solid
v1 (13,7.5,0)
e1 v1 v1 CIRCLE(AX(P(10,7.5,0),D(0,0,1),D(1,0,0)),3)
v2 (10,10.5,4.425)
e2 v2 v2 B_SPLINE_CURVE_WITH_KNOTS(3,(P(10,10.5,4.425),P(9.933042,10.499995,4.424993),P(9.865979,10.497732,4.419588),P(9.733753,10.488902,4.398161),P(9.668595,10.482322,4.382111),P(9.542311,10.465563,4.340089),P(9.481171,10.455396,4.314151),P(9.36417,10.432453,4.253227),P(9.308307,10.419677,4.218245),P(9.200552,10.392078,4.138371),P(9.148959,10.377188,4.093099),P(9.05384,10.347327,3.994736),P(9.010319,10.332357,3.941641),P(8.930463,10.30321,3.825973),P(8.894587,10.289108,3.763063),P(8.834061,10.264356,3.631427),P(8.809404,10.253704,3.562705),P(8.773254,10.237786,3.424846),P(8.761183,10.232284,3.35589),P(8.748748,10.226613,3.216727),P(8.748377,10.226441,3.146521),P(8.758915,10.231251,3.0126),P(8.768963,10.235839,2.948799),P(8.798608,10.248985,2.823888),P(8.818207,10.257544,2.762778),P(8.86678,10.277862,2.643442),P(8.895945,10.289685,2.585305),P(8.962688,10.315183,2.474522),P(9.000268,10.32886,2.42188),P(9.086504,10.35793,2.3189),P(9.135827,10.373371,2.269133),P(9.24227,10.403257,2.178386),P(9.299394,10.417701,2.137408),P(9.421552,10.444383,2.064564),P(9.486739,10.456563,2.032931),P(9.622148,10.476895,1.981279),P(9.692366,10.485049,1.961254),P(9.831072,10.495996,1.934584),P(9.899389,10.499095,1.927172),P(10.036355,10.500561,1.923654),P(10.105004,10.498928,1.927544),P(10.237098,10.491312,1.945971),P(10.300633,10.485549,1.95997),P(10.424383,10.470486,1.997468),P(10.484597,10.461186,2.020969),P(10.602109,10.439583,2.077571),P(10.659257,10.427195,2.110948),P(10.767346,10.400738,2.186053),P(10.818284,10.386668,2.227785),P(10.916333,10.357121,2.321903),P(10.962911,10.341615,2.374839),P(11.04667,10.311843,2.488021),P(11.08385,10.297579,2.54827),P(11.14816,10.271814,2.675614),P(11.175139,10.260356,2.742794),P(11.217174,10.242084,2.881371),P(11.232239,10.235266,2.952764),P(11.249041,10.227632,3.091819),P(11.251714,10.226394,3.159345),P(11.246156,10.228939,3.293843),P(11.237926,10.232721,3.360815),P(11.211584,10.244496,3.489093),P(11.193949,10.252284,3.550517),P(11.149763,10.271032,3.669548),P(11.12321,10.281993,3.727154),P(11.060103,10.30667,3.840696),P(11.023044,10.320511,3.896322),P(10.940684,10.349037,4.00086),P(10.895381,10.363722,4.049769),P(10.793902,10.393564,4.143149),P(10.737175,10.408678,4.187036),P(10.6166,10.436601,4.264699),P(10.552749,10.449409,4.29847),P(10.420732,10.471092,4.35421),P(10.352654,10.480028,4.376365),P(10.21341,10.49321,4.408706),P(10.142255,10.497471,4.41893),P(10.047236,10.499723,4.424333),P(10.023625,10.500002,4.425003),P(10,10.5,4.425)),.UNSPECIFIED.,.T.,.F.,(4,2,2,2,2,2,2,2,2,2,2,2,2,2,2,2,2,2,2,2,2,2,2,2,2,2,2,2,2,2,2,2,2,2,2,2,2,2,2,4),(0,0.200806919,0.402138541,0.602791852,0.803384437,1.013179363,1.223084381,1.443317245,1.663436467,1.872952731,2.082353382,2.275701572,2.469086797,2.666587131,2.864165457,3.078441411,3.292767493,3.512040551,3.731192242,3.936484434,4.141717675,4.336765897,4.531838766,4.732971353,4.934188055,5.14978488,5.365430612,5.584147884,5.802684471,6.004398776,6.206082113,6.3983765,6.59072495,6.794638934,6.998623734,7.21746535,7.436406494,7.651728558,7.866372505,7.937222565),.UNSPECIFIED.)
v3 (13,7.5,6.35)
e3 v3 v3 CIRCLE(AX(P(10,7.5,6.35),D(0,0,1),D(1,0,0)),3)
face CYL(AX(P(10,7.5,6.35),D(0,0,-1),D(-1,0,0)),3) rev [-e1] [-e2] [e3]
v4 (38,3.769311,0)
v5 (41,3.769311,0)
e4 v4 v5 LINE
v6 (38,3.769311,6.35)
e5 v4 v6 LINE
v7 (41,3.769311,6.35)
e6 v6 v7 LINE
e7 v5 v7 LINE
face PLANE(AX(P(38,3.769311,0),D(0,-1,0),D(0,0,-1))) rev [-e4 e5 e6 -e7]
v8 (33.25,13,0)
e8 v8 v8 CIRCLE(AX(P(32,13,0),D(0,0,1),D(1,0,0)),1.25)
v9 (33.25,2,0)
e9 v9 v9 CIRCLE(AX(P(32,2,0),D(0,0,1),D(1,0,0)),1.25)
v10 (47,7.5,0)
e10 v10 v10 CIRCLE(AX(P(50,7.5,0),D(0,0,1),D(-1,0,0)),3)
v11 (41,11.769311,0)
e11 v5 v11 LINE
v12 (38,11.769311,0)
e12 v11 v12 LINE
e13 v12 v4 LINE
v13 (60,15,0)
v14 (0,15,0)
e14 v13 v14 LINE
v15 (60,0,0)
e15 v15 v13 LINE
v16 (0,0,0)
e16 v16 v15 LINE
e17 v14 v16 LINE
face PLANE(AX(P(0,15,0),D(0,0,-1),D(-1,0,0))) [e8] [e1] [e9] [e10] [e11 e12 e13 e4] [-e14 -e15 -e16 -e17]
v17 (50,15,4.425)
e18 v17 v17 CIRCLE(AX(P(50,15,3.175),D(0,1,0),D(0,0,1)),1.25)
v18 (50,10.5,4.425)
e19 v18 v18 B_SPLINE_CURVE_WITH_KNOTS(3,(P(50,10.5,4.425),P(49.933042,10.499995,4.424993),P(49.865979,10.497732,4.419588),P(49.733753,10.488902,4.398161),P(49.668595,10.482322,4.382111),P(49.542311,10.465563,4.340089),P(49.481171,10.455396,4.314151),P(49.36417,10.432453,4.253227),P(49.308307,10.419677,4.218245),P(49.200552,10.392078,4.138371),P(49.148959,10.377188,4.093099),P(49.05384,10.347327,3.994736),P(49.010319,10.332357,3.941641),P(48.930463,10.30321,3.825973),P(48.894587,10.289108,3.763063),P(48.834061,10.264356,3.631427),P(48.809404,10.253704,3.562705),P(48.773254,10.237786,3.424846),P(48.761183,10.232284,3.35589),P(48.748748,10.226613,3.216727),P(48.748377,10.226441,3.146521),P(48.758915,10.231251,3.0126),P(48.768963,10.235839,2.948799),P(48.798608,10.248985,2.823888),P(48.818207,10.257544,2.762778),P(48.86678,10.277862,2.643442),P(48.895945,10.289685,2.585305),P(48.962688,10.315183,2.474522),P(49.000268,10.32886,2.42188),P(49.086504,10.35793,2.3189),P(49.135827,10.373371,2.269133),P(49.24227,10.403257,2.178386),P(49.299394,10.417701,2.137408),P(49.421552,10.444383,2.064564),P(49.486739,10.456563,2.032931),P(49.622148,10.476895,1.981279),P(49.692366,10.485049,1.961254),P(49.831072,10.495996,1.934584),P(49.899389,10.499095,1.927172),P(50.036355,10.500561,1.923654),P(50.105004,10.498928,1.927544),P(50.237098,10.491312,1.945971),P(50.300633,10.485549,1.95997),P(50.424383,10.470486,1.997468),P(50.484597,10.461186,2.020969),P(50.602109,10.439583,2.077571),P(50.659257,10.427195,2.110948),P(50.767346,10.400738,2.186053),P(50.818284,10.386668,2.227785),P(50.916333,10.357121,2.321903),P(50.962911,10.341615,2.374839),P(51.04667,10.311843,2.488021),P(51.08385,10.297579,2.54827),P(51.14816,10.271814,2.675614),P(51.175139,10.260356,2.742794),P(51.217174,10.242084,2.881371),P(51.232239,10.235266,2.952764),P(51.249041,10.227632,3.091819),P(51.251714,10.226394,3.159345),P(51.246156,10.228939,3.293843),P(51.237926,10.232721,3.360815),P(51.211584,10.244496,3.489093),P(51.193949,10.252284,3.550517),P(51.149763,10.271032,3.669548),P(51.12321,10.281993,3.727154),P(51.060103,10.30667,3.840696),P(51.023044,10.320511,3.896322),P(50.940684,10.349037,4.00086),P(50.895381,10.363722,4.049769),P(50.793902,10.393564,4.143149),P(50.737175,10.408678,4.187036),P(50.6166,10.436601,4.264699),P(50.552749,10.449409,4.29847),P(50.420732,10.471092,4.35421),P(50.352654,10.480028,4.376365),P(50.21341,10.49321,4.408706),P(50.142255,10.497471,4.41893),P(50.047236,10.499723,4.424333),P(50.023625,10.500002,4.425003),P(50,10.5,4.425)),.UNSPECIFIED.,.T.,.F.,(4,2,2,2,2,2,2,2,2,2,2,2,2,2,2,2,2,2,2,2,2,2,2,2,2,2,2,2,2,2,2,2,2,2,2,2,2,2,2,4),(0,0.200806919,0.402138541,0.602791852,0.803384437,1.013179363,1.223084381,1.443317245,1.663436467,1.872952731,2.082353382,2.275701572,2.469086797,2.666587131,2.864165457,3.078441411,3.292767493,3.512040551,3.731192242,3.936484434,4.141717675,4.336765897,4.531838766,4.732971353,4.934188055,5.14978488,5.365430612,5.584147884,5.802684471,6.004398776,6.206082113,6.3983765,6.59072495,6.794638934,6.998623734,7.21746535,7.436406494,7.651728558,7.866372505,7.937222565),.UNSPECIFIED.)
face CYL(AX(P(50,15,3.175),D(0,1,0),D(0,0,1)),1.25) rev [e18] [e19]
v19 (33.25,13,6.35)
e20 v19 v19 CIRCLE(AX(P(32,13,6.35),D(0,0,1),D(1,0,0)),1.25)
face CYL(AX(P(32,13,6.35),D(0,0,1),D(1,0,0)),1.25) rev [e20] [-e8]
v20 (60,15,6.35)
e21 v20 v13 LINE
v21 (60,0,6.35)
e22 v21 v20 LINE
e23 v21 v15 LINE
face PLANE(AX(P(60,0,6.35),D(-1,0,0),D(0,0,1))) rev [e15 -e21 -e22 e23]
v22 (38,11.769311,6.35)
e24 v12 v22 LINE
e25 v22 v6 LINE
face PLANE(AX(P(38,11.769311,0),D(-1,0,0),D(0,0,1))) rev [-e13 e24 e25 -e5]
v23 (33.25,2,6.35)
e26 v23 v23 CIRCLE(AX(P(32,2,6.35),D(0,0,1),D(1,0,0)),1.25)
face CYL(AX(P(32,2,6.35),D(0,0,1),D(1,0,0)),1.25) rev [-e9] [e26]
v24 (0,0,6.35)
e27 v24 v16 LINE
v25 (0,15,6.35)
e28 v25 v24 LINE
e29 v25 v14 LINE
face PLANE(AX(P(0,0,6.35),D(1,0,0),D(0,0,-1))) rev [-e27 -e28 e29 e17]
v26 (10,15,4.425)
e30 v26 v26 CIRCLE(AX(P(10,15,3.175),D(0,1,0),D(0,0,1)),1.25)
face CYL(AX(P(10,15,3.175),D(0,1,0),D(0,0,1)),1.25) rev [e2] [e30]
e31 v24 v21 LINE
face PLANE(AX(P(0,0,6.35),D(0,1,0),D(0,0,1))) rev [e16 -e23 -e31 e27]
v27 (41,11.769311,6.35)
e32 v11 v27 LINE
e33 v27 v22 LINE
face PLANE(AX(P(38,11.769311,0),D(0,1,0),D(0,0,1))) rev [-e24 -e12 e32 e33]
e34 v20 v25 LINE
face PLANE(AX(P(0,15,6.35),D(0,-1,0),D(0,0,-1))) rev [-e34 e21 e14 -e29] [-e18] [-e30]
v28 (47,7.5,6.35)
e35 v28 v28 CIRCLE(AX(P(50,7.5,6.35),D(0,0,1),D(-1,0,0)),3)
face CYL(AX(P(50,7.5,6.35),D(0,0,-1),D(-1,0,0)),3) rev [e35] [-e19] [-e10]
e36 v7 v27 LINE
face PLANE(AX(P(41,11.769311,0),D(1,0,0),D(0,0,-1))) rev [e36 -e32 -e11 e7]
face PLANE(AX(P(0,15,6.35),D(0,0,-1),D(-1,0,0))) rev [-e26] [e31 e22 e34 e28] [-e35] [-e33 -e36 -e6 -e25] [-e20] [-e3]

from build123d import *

# Parameters (mm, degrees)
SKETCH1_W             = 60
SKETCH1_H             = 15
SKETCH1_R             = 3
BOSS_EXTRUDE1_DEPTH   = 6.35
M3_TAPPED_HOLE1_D     = 2.5
M3_TAPPED_HOLE1_DEPTH = 8.5
M3_TAPPED_HOLE1_TIP   = 0.751075774
SKETCH5_W             = 3
SKETCH5_H             = 8
CUT_EXTRUDE1_DEPTH    = 63.171717881
M3_TAPPED_HOLE2_D     = 2.5


with BuildPart() as part:
    # Sketch1 → Boss-Extrude1 (new body)
    with BuildSketch(Plane.XY):
        with Locations((30, 7.5)):
            Rectangle(SKETCH1_W, SKETCH1_H)
        with Locations((10, 7.5)):
            Circle(SKETCH1_R, mode=Mode.SUBTRACT)
        with Locations((50, 7.5)):
            Circle(SKETCH1_R, mode=Mode.SUBTRACT)
    extrude(amount=BOSS_EXTRUDE1_DEPTH)

    # M3 Tapped Hole1
    with Locations(Plane(origin=(0, 15, 0), x_dir=(-1, 0, 0), z_dir=(0, 1, 0))):
        with Locations((-10, 3.175), (-50, 3.175)):
            Hole(M3_TAPPED_HOLE1_D / 2, depth=M3_TAPPED_HOLE1_DEPTH)
            with Locations((0, 0, -(M3_TAPPED_HOLE1_DEPTH + M3_TAPPED_HOLE1_TIP / 2))):  # 118° drill point
                Cone(0, M3_TAPPED_HOLE1_D / 2, M3_TAPPED_HOLE1_TIP, mode=Mode.SUBTRACT)

    # Sketch5 → Cut-Extrude1 (cut, through all)
    with BuildSketch(Plane.XY.offset(6.35)):
        with Locations((39.5, 7.769310746)):
            Rectangle(SKETCH5_W, SKETCH5_H)
    extrude(amount=-CUT_EXTRUDE1_DEPTH, mode=Mode.SUBTRACT)

    # M3 Tapped Hole2 (through all)
    with Locations(Plane.XY.offset(6.35)):
        with Locations((32, 13), (32, 2)):
            Hole(M3_TAPPED_HOLE2_D / 2)


solid = part.part
